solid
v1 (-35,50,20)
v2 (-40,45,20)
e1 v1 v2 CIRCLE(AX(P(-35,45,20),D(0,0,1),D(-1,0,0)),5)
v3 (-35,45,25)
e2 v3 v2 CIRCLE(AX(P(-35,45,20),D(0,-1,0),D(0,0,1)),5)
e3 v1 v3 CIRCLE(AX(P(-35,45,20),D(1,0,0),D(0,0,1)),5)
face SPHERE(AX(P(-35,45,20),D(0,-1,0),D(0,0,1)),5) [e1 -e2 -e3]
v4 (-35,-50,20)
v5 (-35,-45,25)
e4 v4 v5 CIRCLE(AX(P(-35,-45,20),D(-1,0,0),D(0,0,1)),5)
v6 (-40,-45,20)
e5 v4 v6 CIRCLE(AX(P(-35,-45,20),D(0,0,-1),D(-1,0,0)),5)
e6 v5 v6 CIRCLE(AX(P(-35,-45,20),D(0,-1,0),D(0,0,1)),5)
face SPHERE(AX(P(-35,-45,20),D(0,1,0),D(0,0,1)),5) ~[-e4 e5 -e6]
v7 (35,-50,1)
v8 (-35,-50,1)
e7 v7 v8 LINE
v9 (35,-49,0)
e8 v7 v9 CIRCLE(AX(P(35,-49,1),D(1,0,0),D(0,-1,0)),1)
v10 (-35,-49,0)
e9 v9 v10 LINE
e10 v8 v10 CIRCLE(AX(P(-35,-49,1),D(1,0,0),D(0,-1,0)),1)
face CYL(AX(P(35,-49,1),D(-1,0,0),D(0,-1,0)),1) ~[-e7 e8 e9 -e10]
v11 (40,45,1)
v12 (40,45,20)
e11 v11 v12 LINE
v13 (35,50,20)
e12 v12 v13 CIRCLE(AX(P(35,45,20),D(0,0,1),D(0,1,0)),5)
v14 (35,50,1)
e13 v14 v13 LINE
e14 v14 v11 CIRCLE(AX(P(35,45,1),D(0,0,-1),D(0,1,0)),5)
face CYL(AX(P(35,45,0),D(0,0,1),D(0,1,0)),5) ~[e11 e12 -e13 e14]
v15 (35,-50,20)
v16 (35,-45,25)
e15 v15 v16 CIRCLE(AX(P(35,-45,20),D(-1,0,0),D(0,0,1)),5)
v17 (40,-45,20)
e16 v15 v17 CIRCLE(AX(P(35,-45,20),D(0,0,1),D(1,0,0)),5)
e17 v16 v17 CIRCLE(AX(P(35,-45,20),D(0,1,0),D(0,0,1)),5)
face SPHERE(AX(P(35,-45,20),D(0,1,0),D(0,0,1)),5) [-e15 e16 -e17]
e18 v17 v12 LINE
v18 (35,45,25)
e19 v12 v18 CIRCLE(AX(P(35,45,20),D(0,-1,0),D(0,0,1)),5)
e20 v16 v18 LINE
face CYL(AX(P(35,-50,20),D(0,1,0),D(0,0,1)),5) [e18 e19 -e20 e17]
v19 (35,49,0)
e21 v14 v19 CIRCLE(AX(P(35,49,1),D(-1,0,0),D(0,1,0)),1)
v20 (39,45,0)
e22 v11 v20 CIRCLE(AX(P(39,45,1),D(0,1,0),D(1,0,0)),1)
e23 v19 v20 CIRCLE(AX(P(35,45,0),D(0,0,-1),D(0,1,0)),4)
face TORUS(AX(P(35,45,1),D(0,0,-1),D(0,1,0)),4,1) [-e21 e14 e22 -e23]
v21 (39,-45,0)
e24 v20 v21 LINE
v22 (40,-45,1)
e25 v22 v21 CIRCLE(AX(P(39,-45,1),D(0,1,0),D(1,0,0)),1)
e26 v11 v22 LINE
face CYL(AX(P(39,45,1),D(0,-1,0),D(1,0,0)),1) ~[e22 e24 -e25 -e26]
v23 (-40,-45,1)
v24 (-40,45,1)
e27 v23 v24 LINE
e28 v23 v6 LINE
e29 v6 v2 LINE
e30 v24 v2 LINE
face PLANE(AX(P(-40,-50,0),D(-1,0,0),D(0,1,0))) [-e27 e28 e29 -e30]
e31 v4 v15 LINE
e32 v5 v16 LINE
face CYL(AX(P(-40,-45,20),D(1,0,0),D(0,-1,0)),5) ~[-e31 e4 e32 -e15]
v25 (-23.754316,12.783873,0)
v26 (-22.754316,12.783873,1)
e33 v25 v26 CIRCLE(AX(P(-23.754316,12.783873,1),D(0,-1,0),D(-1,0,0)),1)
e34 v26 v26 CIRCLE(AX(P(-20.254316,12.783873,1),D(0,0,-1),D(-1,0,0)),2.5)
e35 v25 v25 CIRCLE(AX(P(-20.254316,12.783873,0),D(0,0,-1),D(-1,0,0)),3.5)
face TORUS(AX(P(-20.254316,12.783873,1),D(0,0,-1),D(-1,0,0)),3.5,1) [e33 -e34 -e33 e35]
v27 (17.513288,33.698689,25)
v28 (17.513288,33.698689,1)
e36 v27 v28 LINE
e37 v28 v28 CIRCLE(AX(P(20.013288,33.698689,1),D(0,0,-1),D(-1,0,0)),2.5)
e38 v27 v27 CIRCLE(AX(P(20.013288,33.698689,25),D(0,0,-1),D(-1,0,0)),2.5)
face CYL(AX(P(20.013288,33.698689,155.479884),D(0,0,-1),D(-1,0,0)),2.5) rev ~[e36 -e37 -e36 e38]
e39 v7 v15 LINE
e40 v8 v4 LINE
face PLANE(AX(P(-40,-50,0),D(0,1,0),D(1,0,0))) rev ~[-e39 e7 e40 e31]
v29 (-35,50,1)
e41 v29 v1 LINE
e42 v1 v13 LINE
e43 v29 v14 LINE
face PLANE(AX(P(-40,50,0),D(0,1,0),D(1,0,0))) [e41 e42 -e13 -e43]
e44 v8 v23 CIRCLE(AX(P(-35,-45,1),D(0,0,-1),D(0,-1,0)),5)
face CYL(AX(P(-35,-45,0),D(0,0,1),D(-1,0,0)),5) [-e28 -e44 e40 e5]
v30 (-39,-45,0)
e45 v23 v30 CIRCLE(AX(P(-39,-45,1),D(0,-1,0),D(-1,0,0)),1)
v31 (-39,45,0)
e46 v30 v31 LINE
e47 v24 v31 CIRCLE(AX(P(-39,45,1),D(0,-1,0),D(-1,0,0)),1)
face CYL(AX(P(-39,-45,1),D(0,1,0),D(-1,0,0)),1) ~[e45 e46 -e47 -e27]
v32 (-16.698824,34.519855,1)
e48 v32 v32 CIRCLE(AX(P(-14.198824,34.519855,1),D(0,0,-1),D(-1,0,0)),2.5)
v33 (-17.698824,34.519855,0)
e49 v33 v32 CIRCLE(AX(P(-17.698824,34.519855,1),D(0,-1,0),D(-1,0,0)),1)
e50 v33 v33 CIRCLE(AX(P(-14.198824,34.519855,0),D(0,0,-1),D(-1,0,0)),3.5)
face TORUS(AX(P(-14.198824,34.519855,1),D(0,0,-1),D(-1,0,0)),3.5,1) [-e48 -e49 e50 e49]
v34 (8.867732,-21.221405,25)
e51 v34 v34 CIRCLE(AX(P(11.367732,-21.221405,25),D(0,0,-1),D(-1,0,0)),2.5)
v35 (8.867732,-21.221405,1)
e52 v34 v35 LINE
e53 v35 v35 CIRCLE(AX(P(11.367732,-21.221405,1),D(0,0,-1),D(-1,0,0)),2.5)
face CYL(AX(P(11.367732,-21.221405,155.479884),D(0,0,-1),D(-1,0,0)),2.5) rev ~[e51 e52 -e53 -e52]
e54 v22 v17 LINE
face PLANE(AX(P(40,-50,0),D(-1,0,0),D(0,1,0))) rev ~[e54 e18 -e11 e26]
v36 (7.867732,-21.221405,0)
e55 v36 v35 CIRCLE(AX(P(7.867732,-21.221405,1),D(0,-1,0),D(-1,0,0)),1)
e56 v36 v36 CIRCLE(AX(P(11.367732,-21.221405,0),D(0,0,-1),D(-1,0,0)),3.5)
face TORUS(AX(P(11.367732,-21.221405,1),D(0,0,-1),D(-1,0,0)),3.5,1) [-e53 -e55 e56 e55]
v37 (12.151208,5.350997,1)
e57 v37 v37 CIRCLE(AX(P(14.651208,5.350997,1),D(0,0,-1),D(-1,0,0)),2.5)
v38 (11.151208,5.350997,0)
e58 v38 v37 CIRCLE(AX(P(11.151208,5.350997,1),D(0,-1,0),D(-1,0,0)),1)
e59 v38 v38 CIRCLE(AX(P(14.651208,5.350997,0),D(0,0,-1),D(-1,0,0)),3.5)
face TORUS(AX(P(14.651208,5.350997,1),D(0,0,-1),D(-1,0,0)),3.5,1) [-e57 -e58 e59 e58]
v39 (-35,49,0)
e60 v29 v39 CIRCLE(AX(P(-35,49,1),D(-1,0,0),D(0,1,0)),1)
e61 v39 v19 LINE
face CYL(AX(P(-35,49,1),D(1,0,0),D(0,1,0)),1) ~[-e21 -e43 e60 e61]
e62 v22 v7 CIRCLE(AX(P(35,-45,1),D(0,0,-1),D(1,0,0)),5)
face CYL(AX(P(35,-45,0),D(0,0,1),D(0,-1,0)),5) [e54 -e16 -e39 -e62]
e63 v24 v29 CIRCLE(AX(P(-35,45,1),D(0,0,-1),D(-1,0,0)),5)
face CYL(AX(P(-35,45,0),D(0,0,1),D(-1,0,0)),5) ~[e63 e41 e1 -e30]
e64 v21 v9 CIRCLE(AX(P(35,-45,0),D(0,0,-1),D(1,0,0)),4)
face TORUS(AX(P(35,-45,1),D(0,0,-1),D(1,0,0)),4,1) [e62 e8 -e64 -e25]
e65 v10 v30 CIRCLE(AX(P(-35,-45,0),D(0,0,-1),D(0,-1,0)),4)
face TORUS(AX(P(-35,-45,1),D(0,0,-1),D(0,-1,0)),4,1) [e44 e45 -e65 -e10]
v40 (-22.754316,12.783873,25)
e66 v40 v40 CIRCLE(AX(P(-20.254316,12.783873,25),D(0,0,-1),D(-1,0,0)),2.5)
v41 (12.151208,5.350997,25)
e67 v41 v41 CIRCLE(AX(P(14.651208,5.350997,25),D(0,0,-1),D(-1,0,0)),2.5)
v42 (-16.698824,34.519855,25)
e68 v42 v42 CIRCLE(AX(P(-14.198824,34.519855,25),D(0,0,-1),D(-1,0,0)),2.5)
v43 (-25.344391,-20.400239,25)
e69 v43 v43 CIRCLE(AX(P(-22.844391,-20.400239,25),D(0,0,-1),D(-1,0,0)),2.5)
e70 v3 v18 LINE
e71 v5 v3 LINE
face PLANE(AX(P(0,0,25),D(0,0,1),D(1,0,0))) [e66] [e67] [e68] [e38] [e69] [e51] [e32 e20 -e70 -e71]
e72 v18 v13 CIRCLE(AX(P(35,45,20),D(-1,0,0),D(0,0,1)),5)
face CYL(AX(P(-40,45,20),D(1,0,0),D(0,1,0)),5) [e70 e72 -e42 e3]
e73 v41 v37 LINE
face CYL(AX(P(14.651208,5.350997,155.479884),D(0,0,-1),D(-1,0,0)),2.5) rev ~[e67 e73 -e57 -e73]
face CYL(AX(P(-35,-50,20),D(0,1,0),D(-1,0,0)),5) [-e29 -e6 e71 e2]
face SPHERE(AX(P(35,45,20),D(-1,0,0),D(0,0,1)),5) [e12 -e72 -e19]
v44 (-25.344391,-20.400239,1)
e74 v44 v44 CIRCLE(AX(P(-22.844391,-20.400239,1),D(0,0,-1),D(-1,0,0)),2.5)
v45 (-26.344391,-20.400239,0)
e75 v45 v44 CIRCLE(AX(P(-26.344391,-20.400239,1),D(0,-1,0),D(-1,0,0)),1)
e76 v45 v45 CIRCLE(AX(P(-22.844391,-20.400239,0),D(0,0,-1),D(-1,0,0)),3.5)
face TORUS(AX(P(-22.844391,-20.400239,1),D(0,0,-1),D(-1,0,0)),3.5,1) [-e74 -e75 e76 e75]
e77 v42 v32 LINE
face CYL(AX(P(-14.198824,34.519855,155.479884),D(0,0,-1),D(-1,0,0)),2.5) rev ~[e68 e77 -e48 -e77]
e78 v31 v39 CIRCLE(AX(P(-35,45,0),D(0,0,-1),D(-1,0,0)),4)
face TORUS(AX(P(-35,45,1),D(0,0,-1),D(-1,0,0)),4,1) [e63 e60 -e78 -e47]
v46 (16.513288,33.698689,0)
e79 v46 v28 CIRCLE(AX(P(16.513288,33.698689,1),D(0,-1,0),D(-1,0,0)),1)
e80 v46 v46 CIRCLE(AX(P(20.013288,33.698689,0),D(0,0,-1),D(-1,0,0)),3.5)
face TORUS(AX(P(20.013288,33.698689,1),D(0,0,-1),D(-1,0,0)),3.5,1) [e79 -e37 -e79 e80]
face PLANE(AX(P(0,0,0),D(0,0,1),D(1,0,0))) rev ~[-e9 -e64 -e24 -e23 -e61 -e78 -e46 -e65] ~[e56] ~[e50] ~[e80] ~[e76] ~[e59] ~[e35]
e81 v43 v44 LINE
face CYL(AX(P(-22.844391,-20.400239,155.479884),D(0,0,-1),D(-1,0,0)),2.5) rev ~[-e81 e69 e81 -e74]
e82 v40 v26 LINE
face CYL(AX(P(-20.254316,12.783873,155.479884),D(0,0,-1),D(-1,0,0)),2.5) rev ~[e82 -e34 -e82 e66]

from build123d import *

# Parameters (mm, degrees)
F0_W     = 80
F0_H     = 100
F1_DEPTH = 25
F3_D     = 5
F4_R     = 5
F5_R     = 1


with BuildPart() as f1:
    # F0 (on Top) → F1 (new body)
    with BuildSketch(Plane.XY):
        Rectangle(F0_W, F0_H)
    extrude(amount=F1_DEPTH)

    # F3 (through all)
    with Locations(Plane.XY.offset(25)):
        with Locations((20.013288, 33.698689), (-14.198824, 34.519855), (-20.254316, 12.783873), (14.651208, 5.350997), (11.367732, -21.221405), (-22.844391, -20.400239)):
            Hole(F3_D / 2)

    # F4
    f4_edges = [f1.edges().sort_by_distance(p)[0] for p in [
        (-40, 0, 25),
        (0, 50, 25),
        (40, 0, 25),
        (0, -50, 25),
        (-40, 50, 12.5),
        (-40, -50, 12.5),
        (40, -50, 12.5),
        (40, 50, 12.5),
    ]]
    fillet(f4_edges, radius=F4_R)

    # F5
    f5_edges = [f1.edges().sort_by_distance(p)[0] for p in [
        (-40, 0, 0),
        (-38.535534, 48.535534, 0),
        (-38.535534, -48.535534, 0),
        (0, 50, 0),
        (0, -50, 0),
        (38.535534, 48.535534, 0),
        (38.535534, -48.535534, 0),
        (40, 0, 0),
        (-25.344391, -20.400239, 0),
        (8.867732, -21.221405, 0),
        (12.151208, 5.350997, 0),
        (-22.754316, 12.783873, 0),
        (-16.698824, 34.519855, 0),
        (17.513288, 33.698689, 0),
    ]]
    fillet(f5_edges, radius=F5_R)


solid = f1.part
